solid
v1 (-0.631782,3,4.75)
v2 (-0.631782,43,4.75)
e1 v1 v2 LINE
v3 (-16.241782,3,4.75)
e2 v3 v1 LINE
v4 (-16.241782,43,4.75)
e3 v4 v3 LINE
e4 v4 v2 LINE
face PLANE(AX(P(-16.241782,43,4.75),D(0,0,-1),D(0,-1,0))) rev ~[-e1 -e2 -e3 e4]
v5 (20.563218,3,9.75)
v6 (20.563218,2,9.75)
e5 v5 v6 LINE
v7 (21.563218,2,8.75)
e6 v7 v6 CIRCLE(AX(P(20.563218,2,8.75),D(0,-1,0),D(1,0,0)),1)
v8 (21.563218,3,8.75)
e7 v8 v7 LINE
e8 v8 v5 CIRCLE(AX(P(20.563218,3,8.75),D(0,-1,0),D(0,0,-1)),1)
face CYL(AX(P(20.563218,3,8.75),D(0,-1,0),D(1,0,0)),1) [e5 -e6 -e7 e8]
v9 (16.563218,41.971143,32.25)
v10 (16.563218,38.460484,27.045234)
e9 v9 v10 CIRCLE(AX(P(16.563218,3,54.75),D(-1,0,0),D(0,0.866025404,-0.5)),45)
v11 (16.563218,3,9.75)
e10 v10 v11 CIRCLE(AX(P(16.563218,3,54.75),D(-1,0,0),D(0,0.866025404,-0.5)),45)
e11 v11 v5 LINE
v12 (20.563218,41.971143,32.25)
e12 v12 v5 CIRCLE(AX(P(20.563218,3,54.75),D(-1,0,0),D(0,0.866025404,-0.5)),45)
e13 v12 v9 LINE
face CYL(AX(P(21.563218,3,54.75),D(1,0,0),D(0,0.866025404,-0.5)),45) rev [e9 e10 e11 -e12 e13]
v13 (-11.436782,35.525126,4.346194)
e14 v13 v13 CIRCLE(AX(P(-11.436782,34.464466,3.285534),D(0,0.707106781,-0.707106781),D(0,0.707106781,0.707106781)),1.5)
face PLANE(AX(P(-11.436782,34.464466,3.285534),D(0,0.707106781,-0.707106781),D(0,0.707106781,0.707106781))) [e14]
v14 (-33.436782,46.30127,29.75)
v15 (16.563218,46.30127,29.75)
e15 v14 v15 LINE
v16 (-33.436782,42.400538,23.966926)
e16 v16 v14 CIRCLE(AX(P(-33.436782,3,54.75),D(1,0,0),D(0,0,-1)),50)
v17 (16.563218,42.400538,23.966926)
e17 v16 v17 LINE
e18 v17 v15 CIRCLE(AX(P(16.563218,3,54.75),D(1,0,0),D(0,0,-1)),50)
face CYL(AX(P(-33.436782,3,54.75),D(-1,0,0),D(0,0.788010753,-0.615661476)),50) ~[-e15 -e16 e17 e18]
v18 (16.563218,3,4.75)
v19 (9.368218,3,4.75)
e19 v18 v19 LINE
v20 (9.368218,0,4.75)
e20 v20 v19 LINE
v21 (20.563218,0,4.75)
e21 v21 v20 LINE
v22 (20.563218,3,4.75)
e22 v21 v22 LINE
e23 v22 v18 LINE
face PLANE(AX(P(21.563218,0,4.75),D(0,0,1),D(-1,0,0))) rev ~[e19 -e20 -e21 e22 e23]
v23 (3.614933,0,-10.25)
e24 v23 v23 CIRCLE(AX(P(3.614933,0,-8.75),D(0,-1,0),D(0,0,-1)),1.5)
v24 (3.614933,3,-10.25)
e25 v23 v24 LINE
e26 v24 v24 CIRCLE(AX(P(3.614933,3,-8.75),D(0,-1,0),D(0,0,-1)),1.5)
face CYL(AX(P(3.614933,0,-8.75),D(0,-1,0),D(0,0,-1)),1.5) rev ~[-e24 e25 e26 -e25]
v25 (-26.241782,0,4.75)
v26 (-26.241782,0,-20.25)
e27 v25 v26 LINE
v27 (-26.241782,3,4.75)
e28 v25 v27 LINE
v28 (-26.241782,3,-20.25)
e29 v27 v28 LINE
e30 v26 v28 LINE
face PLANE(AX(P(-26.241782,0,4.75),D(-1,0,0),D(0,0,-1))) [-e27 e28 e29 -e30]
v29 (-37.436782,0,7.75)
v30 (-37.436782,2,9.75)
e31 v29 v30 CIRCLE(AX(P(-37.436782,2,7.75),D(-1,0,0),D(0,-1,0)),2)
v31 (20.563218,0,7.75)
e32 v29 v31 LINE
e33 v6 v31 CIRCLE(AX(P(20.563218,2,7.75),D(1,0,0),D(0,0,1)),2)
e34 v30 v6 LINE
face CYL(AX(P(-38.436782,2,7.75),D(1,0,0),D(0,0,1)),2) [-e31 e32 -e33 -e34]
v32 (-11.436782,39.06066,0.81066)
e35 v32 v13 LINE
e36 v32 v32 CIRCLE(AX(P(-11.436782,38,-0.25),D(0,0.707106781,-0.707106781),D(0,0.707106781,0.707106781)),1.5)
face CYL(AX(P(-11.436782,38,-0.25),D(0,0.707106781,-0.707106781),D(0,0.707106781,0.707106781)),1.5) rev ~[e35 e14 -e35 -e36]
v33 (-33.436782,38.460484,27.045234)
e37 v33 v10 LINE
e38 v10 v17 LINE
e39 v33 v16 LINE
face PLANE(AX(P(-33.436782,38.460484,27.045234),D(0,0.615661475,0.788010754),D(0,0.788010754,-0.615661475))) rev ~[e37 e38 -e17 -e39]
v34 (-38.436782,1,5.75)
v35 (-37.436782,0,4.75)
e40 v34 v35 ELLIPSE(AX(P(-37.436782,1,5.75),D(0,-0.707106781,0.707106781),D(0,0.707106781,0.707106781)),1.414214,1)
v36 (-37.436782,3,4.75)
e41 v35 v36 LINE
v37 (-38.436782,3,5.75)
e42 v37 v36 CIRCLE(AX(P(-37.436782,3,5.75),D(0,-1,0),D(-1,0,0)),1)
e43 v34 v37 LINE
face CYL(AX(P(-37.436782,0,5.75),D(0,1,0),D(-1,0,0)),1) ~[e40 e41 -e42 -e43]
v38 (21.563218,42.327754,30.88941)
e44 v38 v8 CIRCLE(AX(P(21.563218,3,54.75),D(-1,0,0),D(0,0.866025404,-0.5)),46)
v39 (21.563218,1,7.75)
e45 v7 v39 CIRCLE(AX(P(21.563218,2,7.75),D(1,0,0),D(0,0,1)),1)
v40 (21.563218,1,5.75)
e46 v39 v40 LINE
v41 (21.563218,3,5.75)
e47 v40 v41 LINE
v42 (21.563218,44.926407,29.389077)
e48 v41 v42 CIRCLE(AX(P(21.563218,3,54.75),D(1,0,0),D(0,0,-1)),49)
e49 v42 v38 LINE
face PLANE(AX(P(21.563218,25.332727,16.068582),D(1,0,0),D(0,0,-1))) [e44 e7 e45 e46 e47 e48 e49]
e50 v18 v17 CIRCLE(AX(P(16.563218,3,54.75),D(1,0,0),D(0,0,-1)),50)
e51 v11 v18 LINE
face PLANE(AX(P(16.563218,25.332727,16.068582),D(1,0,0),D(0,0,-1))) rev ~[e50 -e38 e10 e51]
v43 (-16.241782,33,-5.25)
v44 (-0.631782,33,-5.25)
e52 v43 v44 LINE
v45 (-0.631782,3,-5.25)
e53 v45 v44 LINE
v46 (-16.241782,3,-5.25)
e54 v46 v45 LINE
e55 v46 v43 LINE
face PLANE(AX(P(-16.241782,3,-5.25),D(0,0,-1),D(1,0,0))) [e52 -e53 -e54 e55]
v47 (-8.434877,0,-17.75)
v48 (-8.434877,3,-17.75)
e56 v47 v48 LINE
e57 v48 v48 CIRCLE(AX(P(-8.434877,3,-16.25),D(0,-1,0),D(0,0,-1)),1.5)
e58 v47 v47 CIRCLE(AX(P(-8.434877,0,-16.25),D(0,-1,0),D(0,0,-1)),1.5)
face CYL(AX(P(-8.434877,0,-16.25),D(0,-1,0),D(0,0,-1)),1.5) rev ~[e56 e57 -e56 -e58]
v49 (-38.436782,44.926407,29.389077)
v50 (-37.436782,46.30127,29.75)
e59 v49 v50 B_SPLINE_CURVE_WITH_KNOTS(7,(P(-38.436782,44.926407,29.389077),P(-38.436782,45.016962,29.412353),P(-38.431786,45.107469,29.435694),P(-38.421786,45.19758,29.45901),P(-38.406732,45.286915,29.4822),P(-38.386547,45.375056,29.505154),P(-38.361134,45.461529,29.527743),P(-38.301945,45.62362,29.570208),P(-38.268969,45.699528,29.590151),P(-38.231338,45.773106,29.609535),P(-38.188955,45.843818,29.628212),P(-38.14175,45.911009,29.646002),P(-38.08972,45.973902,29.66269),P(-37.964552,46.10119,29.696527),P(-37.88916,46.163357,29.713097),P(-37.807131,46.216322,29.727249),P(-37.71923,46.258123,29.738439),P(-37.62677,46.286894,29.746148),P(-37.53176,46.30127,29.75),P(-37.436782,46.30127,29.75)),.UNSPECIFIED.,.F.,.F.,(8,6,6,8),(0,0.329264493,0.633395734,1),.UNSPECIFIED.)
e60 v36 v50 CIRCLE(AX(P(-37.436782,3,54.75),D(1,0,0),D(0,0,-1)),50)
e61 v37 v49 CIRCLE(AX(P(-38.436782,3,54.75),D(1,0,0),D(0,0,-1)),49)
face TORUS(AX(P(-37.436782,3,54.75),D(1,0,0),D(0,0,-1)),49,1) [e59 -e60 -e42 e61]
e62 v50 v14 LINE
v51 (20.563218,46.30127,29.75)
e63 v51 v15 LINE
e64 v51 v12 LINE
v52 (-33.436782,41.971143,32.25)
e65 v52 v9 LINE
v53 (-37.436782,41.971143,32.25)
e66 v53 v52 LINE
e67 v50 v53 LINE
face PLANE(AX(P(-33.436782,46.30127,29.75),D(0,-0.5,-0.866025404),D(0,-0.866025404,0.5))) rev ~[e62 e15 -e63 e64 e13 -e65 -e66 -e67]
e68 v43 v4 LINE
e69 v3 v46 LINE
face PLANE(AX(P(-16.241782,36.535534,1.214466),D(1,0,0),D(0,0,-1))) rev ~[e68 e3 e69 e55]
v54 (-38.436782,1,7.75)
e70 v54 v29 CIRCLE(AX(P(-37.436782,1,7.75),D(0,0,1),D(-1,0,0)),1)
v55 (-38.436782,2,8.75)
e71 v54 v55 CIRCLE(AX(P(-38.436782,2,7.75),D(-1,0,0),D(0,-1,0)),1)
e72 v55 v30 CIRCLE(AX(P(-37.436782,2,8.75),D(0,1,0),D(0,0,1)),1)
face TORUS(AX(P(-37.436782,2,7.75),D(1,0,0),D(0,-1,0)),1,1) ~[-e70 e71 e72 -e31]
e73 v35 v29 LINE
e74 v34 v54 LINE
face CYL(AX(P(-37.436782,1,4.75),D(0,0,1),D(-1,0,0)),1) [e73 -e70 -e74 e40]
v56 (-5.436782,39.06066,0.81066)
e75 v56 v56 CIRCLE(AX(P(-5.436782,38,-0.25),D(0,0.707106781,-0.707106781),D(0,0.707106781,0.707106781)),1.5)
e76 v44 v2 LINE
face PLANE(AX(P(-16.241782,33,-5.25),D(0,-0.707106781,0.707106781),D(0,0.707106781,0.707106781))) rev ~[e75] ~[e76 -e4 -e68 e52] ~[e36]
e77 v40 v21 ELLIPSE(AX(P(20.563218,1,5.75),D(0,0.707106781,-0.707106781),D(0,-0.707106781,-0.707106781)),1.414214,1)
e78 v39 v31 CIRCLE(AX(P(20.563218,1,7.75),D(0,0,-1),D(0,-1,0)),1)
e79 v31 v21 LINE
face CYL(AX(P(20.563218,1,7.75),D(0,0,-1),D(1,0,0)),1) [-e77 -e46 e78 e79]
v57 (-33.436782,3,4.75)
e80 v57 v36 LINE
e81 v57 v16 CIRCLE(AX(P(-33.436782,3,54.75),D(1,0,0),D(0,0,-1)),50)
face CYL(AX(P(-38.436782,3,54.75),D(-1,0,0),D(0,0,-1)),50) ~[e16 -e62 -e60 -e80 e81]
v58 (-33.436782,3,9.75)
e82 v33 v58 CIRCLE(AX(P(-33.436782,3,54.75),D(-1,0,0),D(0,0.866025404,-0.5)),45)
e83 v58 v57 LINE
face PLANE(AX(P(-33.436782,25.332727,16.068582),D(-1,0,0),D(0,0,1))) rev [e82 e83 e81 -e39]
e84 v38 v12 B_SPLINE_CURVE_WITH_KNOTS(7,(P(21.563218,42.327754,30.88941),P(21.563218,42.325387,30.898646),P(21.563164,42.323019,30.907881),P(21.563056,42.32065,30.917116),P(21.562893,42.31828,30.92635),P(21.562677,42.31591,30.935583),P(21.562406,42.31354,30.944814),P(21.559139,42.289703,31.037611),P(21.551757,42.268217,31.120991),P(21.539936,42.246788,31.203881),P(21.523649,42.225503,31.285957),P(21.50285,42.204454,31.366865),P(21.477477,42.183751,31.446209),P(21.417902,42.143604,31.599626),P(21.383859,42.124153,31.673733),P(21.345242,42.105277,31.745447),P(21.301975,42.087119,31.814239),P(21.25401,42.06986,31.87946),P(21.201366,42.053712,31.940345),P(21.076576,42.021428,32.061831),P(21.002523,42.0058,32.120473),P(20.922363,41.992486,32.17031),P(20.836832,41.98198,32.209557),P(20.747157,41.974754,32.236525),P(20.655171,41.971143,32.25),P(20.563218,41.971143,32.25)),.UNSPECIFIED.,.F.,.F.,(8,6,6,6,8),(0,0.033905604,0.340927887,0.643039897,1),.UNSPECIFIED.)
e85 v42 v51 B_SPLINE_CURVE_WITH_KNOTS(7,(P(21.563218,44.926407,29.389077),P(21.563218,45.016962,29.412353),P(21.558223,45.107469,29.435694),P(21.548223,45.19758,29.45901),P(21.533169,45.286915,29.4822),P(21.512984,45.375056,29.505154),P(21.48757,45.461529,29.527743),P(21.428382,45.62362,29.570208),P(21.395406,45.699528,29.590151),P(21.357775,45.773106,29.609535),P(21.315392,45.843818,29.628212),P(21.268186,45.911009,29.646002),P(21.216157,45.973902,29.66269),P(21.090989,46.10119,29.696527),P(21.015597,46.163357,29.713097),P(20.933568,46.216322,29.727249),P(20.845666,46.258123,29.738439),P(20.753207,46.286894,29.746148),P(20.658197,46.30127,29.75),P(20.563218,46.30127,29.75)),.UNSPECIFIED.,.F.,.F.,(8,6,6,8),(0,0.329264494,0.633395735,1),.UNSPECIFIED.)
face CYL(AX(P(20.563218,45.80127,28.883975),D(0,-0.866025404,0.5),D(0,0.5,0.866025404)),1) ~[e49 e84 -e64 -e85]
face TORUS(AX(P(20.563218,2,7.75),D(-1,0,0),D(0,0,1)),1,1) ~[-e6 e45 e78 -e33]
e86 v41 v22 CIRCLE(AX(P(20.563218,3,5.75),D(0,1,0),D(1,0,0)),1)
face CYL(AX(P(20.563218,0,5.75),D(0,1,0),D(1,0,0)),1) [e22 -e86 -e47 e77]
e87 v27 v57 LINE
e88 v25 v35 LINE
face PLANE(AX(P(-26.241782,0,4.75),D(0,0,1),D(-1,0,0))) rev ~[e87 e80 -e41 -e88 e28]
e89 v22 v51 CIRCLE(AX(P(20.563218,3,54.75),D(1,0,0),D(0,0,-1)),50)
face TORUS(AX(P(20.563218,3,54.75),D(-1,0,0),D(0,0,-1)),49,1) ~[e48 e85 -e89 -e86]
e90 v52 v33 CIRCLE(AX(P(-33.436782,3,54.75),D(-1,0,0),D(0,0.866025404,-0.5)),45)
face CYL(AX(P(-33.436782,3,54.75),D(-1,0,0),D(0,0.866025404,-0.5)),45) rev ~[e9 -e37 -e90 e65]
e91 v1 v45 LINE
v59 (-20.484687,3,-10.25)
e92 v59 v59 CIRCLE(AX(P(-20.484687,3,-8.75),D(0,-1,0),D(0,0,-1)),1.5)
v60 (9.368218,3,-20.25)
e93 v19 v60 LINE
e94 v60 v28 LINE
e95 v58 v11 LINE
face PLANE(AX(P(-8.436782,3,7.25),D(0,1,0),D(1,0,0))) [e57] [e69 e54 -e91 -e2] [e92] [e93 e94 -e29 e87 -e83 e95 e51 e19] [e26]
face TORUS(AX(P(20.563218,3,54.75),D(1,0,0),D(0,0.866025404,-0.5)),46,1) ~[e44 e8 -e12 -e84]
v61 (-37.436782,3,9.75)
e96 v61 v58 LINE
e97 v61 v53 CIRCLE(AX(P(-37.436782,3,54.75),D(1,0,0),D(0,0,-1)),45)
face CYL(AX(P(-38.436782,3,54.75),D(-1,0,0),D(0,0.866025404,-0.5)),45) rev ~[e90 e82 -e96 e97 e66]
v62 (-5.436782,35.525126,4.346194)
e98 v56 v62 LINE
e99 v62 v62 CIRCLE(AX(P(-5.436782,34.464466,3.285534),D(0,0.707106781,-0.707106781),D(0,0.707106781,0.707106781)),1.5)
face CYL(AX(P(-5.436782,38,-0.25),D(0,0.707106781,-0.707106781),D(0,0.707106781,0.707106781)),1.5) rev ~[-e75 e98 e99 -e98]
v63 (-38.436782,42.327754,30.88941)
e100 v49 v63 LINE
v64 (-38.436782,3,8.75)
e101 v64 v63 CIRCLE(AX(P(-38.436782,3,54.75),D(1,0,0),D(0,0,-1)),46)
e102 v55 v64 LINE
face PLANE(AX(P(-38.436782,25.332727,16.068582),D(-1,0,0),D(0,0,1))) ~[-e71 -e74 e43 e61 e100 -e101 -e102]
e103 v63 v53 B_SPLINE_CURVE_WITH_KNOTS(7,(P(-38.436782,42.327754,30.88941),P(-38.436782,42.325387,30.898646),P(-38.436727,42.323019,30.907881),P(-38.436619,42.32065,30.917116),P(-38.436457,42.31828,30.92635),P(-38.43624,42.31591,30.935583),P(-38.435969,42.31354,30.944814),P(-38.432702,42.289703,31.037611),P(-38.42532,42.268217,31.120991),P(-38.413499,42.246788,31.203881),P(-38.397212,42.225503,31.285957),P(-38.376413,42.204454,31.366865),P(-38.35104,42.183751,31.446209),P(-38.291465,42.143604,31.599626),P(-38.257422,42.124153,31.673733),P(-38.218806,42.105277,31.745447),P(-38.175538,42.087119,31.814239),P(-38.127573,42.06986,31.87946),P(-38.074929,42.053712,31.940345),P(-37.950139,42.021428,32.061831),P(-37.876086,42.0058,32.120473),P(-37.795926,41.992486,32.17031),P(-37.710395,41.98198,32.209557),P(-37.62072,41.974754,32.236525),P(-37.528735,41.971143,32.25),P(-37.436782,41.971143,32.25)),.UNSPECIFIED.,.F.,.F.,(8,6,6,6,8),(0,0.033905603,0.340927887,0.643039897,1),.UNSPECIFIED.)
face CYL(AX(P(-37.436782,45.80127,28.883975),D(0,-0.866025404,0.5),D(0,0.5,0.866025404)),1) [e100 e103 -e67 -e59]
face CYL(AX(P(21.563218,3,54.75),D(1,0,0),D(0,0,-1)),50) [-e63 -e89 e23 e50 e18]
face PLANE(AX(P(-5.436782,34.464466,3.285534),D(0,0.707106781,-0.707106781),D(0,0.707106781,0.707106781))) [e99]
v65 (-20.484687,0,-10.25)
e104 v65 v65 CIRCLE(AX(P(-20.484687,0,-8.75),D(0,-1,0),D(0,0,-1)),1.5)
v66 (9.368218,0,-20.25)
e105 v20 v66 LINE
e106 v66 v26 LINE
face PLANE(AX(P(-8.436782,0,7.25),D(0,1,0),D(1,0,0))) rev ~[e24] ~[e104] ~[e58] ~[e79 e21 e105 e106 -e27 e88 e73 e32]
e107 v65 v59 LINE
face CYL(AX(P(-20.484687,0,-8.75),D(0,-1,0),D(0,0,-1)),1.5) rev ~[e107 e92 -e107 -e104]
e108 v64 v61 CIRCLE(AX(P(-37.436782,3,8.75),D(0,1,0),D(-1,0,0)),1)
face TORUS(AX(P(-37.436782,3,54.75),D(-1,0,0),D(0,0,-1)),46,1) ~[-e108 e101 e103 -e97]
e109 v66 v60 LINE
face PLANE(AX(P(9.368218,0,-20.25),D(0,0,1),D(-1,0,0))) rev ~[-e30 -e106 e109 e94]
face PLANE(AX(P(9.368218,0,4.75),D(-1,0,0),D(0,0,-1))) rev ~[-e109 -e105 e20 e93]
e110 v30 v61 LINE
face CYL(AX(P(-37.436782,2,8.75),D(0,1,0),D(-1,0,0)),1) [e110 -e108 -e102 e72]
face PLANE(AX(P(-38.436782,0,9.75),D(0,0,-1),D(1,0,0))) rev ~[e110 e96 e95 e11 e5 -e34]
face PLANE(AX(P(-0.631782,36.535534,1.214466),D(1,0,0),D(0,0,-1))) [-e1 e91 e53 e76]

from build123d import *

# Parameters (mm, degrees)
SKETCH1_W           = 17.805
SKETCH1_H           = 25
BOSS_EXTRUDE1_DEPTH = 3
FILLET1_R           = 2
BOSS_EXTRUDE3_DEPTH = 5
SKETCH3_R           = 1.5
CUT_EXTRUDE1_DEPTH  = 5
SKETCH7_W           = 15.61
SKETCH7_H           = 10
BOSS_EXTRUDE4_DEPTH = 30
BOSS_EXTRUDE5_DEPTH = 15.61
SKETCH9_R           = 1.5
CUT_EXTRUDE2_DEPTH  = 5
BOSS_EXTRUDE6_DEPTH = 50
FILLET2_R           = 1


with BuildPart() as part:
    # Sketch1 → Boss-Extrude1 (new body)
    with BuildSketch(Plane(origin=(0, 0, 0), x_dir=(1, 0, 0), z_dir=(0, 1, 0))):
        Polygon((9.368218391, -4.75), (-8.436781609, -4.75), (-26.241781609, -4.75), (-38.436781609, -4.75), (-38.436781609, -9.75), (21.563218391, -9.75), (21.563218391, -4.75), align=None)
        with Locations((0.465718391, 7.75)):
            Rectangle(SKETCH1_W, SKETCH1_H)
        with Locations((-17.339281609, 7.75)):
            Rectangle(SKETCH1_W, SKETCH1_H)
    extrude(amount=BOSS_EXTRUDE1_DEPTH)

    # Fillet1
    fillet1_edges = [part.edges().sort_by_distance(p)[0] for p in [
        (-8.436781609, 0, 9.75),
    ]]
    fillet(fillet1_edges, radius=FILLET1_R)

    # Sketch2 → Boss-Extrude3 (add)
    with BuildSketch(Plane(origin=(21.563218391, 0, 0), x_dir=(0, 0, -1), z_dir=(1, 0, 0))):
        with BuildLine():
            Line((-29.75, 46.301270189), (-32.25, 41.97114317))
            ThreePointArc((-32.25, 41.97114317), (-15.77885683, 25.5), (-9.75, 3))
            Line((-9.75, 3), (-4.75, 3))
            ThreePointArc((-4.75, 3), (-11.448729811, 28), (-29.75, 46.301270189))
        make_face()
    boss_extrude3 = extrude(amount=-BOSS_EXTRUDE3_DEPTH)

    # Mirror3: Boss-Extrude3 across plane
    add(boss_extrude3.mirror(Plane(origin=(-8.436781609, 0, 0), x_dir=(0, 0, 1), z_dir=(1, 0, 0))))

    # Sketch3 → Cut-Extrude1 (cut)
    with BuildSketch(Plane.XZ):
        with Locations(Location((-20.484687418, -8.75, 0), (0, 0, 270))):
            Circle(SKETCH3_R)
        with Locations(Location((-8.434877213, -16.25, 0), (0, 0, 270))):
            Circle(SKETCH3_R)
        with Locations(Location((3.614932992, -8.75, 0), (0, 0, 270))):
            Circle(SKETCH3_R)
    extrude(amount=-CUT_EXTRUDE1_DEPTH, mode=Mode.SUBTRACT)

    # Sketch7 → Boss-Extrude4 (add)
    with BuildSketch(Plane(origin=(0, 3, 0), x_dir=(1, 0, 0), z_dir=(0, 1, 0))):
        with Locations((-8.436781609, 0.25)):
            Rectangle(SKETCH7_W, SKETCH7_H)
    extrude(amount=BOSS_EXTRUDE4_DEPTH)

    # Sketch8 → Boss-Extrude5 (add)
    with BuildSketch(Plane.ZY.offset(16.241781609)):
        Polygon((-5.25, 33), (4.75, 43), (4.75, 33), align=None)
    extrude(amount=-BOSS_EXTRUDE5_DEPTH)

    # Sketch9 → Cut-Extrude2 (cut)
    with BuildSketch(Plane(origin=(0, 19.125, -19.125), x_dir=(1, 0, 0), z_dir=(0, 0.7071067811865461, -0.7071067811865489))):
        with Locations(Location((-11.436781609, -26.69328099, 0), (0, 0, 270))):
            Circle(SKETCH9_R)
        with Locations(Location((-5.436781609, -26.69328099, 0), (0, 0, 270))):
            Circle(SKETCH9_R)
    extrude(amount=-CUT_EXTRUDE2_DEPTH, mode=Mode.SUBTRACT)

    # Sketch10 → Boss-Extrude6 (add)
    with BuildSketch(Plane(origin=(-33.436781609, 0, 0), x_dir=(0, 0, -1), z_dir=(1, 0, 0))):
        with BuildLine():
            Line((-27.04523361, 38.460483912), (-23.966926234, 42.40053768))
            ThreePointArc((-23.966926234, 42.40053768), (-26.790354826, 44.451878628), (-29.75, 46.301270189))
            Line((-29.75, 46.301270189), (-32.25, 41.97114317))
            ThreePointArc((-32.25, 41.97114317), (-29.586319344, 40.306690765), (-27.04523361, 38.460483912))
        make_face()
    extrude(amount=BOSS_EXTRUDE6_DEPTH)

    # Fillet2
    fillet2_edges = [part.edges().sort_by_distance(p)[0] for p in [
        (-38.436781609, 0, 6.25),
        (21.563218391, 0, 6.25),
        (21.563218391, 2.5, 9.75),
        (-38.436781609, 2.5, 9.75),
        (-38.436781609, 1.5, 4.75),
        (21.563218391, 1.5, 4.75),
        (21.563218391, 0.585786438, 9.164213562),
        (-38.436781609, 0.585786438, 9.164213562),
        (21.563218391, 25.5, 15.77885683),
        (21.563218391, 28, 11.448729811),
        (21.563218391, 44.13620668, 31),
        (-38.436781609, 25.5, 15.77885683),
        (-38.436781609, 28, 11.448729811),
        (-38.436781609, 44.13620668, 31),
    ]]
    fillet(fillet2_edges, radius=FILLET2_R)


solid = part.part
